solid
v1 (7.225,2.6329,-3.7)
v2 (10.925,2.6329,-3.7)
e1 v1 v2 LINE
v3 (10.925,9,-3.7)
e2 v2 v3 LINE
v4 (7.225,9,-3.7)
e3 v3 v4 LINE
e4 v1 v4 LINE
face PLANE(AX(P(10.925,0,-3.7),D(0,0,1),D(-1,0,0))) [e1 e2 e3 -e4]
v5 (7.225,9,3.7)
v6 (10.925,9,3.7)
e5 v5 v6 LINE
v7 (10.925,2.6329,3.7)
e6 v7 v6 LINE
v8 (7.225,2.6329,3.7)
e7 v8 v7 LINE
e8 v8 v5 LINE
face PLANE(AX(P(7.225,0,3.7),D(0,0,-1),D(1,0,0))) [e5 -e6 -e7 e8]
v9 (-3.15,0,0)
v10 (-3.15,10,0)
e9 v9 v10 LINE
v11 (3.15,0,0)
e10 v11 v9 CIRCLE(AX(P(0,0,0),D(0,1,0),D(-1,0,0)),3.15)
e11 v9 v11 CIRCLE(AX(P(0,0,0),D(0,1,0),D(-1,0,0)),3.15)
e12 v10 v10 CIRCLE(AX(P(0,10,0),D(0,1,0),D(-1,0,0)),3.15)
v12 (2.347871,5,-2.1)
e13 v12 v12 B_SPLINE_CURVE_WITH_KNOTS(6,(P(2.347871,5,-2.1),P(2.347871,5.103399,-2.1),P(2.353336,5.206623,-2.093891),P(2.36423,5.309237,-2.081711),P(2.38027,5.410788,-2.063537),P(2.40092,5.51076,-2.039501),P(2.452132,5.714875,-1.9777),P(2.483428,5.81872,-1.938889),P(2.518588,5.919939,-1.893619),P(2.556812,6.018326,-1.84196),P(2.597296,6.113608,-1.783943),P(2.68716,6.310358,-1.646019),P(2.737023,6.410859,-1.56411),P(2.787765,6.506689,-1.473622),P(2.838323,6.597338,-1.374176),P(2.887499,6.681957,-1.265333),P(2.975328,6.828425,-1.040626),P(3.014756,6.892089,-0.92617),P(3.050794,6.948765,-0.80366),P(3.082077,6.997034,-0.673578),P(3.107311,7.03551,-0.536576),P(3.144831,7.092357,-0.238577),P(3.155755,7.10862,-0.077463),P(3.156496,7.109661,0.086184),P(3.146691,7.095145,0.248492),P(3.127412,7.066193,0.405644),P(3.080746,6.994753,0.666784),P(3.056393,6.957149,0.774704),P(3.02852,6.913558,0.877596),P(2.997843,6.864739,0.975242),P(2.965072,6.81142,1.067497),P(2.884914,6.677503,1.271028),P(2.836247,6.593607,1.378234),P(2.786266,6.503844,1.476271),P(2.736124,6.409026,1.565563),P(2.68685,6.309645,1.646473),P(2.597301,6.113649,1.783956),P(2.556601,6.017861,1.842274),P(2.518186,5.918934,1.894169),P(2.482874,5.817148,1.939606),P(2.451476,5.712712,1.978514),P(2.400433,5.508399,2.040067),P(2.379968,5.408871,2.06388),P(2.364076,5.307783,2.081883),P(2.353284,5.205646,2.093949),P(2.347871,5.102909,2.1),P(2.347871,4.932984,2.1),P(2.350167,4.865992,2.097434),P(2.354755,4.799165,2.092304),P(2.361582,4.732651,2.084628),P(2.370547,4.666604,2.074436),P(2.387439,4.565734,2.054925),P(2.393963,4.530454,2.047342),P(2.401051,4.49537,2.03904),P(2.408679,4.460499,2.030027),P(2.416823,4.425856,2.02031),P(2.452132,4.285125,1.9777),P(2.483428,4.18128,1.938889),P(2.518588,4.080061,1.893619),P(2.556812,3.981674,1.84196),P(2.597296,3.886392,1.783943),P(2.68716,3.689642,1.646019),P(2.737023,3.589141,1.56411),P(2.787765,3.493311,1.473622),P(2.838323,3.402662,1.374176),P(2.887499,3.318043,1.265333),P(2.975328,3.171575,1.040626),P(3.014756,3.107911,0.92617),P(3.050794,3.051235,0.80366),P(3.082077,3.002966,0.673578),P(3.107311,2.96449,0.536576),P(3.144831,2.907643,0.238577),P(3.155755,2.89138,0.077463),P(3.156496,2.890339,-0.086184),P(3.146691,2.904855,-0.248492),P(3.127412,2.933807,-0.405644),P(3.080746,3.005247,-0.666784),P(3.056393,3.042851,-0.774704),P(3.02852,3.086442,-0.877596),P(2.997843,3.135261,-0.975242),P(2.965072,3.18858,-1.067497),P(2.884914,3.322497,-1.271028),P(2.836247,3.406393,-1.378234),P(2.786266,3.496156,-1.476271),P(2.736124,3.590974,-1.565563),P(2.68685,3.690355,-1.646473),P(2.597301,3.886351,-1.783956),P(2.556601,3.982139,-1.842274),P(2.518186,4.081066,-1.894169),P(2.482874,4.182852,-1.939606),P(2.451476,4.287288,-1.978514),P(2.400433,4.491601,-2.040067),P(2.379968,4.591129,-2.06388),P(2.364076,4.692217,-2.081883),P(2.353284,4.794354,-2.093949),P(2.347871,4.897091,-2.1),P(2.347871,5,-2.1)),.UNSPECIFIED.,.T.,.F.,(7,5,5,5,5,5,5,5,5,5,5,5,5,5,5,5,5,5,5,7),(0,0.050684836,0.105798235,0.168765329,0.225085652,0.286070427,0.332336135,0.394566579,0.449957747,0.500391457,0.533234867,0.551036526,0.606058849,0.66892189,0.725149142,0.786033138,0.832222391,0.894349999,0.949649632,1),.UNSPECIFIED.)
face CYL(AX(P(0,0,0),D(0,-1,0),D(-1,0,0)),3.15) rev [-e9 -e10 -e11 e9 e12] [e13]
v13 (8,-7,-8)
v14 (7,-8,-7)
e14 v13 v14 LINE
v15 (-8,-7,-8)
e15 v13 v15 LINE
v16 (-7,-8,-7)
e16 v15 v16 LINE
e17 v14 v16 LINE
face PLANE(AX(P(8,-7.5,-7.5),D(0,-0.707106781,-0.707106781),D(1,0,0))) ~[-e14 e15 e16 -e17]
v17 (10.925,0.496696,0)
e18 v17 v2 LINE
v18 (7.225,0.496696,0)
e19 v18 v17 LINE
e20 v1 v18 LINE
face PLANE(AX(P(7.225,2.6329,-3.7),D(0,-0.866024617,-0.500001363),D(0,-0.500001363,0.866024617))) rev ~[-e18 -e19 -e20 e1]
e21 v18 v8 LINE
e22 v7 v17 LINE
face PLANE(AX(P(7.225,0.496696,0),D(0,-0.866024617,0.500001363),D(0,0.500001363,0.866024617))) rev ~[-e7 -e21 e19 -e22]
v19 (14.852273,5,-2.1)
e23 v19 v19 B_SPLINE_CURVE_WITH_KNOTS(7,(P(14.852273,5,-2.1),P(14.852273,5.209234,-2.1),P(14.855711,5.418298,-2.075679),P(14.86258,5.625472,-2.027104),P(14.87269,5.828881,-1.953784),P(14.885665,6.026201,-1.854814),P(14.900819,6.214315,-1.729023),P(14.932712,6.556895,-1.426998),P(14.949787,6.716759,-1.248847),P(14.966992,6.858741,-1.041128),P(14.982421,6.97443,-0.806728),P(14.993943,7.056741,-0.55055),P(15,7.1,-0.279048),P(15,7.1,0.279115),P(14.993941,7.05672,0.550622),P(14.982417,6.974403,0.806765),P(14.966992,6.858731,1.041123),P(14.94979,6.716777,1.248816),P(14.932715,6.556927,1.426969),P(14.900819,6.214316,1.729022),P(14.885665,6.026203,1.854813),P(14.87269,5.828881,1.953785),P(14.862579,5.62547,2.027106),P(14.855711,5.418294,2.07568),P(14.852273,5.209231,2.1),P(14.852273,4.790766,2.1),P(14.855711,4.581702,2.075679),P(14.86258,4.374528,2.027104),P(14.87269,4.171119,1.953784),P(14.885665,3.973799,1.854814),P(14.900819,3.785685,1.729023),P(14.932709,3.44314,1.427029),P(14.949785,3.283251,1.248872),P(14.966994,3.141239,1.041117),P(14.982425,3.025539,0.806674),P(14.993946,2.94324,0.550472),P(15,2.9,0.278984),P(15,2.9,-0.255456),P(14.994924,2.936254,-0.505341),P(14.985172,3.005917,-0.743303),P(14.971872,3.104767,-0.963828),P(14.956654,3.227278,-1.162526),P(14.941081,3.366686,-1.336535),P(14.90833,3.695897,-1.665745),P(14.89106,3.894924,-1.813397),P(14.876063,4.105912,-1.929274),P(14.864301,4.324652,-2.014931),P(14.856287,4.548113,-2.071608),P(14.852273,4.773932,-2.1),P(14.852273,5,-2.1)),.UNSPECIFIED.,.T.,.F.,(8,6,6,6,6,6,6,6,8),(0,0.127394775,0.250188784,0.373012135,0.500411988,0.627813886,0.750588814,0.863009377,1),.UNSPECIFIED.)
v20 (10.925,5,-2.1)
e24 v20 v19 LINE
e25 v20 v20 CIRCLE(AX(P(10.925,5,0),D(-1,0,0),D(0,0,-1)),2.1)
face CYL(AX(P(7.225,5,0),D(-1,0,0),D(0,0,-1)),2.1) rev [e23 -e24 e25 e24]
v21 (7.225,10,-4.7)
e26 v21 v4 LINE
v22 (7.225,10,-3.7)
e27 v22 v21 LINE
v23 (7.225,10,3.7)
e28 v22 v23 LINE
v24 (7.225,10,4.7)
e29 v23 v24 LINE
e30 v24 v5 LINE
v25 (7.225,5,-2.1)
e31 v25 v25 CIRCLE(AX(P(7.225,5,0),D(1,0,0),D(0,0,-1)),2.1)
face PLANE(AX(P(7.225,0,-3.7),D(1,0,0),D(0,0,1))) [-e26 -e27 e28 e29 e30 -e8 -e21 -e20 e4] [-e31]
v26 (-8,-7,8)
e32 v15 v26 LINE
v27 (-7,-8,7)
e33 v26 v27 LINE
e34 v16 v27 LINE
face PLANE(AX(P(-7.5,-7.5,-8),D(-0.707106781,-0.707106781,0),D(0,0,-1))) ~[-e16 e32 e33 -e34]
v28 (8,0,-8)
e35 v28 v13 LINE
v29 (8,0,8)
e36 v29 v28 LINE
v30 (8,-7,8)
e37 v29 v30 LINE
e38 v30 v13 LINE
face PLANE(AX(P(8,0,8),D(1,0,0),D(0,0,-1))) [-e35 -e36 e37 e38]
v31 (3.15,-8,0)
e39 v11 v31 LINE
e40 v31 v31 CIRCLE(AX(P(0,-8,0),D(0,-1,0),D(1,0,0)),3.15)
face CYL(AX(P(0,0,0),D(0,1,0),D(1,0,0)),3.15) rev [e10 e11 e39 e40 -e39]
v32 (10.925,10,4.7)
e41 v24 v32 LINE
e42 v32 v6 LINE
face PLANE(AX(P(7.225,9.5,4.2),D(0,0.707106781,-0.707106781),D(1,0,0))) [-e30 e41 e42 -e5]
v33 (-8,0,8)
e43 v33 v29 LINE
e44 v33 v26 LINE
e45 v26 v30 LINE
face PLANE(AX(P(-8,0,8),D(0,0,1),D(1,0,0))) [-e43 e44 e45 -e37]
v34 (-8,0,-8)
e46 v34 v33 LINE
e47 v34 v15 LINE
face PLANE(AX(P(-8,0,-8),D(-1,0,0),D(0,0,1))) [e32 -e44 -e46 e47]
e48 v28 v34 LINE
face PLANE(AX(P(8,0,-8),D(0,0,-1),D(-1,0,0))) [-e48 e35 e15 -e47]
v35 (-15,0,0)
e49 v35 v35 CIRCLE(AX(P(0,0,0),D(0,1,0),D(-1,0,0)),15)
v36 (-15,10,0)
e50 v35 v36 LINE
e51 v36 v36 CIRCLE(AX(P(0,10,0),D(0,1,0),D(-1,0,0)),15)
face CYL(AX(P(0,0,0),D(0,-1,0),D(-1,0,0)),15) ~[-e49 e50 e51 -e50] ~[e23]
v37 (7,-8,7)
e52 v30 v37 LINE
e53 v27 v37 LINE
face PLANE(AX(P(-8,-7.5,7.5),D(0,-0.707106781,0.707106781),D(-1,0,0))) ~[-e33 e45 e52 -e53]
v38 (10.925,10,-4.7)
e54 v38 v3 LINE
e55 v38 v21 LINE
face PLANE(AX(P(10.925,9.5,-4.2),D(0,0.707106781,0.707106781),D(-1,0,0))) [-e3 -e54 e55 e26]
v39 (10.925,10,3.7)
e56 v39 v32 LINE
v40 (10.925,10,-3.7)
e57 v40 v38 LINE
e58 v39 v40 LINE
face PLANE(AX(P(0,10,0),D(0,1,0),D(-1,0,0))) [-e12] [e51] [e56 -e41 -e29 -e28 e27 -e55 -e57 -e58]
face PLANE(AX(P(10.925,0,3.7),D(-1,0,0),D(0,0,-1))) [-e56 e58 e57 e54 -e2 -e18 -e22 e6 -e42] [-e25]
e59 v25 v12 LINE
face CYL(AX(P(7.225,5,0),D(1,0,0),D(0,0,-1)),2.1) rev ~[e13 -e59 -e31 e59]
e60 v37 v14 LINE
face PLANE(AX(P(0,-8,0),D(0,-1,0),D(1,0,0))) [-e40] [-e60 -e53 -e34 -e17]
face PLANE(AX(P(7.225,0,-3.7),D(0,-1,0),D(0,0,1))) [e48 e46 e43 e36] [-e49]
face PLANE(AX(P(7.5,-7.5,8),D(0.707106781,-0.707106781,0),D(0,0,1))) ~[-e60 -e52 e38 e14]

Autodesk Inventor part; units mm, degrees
ref_plane "YZ Plane" through (0, 0, 0) normal (1, 0, 0) x (0, 1, 0)
ref_plane "XZ Plane" through (0, 0, 0) normal (0, 1, 0) x (-1, 0, 0)
ref_plane "XY Plane" through (0, 0, 0) normal (0, 0, 1) x (1, 0, 0)
sketch "Boceto1" plane through (0, 0, 0) normal (0, 1, 0) x (-1, 0, 0)
  circle A0 centre (0, 0) radius 3.15
  circle A1 centre (0, 0) radius 15
  line L0 (-7.225, 3.7) -> (-10.925, 3.7)
  line L1 (-10.925, 3.7) -> (-10.925, -3.7)
  line L2 (-10.925, -3.7) -> (-7.225, -3.7)
  line L3 (-7.225, -3.7) -> (-7.225, 3.7)
  circle A2 centre (0, 0) radius 9.8003 construction
  line L4 (6.8168, -4.407) -> (0.4082, -8.107)
  line L5 (8.6668, -7.6113) -> (6.8168, -4.407)
  line L6 (2.2582, -11.3113) -> (8.6668, -7.6113)
  line L7 (0.4082, -8.107) -> (2.2582, -11.3113)
  line L8 (0.4082, 8.107) -> (6.8168, 4.407)
  line L9 (2.2582, 11.3113) -> (0.4082, 8.107)
  line L10 (8.6668, 7.6113) -> (2.2582, 11.3113)
  line L11 (6.8168, 4.407) -> (8.6668, 7.6113)
  point P0 (-7.225, 0)
  point P1 (-9.075, 3.7)
  point P2 (3.6125, -6.257)
  point P3 (1.3332, -9.7092)
  point P4 (3.6125, 6.257)
  point P5 (7.7418, 6.0092)
  dimension "d0" = 6.3
  dimension "tuerca" = 7.4
  dimension "d2" = 11.85
  dimension "d3" = 6.6503
  dimension "d4" = 3.7
  dimension "d18" = 360
  dimension "d26" = 30
  dimension "d27" = 4.075
  dimension "d28" = 4.075
extrude "Extrusión1" add sketch "Boceto1" along normal blind 10 contours A1 | L5 L6 L7 L4 | L9 L10 L11 L8
sketch "Boceto2" plane through (7.225, 0, -3.7) normal (1, 0, 0) x (0, 0, -1)
  line L0 (0, 0) -> (-7.4, 0) projected
  line L1 (0, 0) -> (0, 10) construction
  line L2 (-7.4, 10) -> (0, 10) construction
  line L3 (-7.4, 0) -> (-7.4, 10) construction
  line L4 (-7.4, 0) -> (0, 10) construction
  circle A0 centre (-3.7, 5) radius 2.1
  line L5 (0, 2.6329) -> (-4.5603, 0)
  line L6 (-2.8397, 0) -> (-7.4, 2.6329)
  line L7 (-7.4, 2.6329) -> (-7.4, 0)
  line L8 (0, 2.6329) -> (0, 0)
  point P0 (-3.7, 0)
  dimension "d7" = 4.2
  dimension "d8" = 120
  dimension "d9" = 3.9
extrude "Extrusión2" cut sketch "Boceto2" along normal mid plane 16 contours A0
extrude "Extrusión3" add sketch "Boceto2" along normal up to next contours L0 L6 L5 L8 | L0 L5 L6 | L0 L7 L6 L5
sketch "Boceto3" plane through (0, 0, 0) normal (0, -1, 0) x (1, 0, 0)
  circle A0 centre (0, 0) radius 3.15 projected
  circle A1 centre (0, 0) radius 27.5
  line L0 (-8, 8) -> (8, 8)
  line L1 (8, 8) -> (8, -8)
  line L2 (8, -8) -> (-8, -8)
  line L3 (-8, -8) -> (-8, 8)
  point P0 (-8, 0)
  point P1 (0, 8)
  dimension "d32" = 16
  dimension "d33" = 55
extrude "Extrusión4" add sketch "Boceto3" along normal blind 8 contours L0 L1 L2 L3
chamfer "Chaflán1" distance 1 angle 45 2 edges at (9.075, 10, 3.7) (9.075, 10, -3.7)
chamfer "Chaflán3" distance 1 angle 45 4 edges at (0, -8, 8) (-8, -8, 0) (0, -8, -8) (8, -8, 0)
equation "\"d28\" = d27"
properties part number "dado polea"
